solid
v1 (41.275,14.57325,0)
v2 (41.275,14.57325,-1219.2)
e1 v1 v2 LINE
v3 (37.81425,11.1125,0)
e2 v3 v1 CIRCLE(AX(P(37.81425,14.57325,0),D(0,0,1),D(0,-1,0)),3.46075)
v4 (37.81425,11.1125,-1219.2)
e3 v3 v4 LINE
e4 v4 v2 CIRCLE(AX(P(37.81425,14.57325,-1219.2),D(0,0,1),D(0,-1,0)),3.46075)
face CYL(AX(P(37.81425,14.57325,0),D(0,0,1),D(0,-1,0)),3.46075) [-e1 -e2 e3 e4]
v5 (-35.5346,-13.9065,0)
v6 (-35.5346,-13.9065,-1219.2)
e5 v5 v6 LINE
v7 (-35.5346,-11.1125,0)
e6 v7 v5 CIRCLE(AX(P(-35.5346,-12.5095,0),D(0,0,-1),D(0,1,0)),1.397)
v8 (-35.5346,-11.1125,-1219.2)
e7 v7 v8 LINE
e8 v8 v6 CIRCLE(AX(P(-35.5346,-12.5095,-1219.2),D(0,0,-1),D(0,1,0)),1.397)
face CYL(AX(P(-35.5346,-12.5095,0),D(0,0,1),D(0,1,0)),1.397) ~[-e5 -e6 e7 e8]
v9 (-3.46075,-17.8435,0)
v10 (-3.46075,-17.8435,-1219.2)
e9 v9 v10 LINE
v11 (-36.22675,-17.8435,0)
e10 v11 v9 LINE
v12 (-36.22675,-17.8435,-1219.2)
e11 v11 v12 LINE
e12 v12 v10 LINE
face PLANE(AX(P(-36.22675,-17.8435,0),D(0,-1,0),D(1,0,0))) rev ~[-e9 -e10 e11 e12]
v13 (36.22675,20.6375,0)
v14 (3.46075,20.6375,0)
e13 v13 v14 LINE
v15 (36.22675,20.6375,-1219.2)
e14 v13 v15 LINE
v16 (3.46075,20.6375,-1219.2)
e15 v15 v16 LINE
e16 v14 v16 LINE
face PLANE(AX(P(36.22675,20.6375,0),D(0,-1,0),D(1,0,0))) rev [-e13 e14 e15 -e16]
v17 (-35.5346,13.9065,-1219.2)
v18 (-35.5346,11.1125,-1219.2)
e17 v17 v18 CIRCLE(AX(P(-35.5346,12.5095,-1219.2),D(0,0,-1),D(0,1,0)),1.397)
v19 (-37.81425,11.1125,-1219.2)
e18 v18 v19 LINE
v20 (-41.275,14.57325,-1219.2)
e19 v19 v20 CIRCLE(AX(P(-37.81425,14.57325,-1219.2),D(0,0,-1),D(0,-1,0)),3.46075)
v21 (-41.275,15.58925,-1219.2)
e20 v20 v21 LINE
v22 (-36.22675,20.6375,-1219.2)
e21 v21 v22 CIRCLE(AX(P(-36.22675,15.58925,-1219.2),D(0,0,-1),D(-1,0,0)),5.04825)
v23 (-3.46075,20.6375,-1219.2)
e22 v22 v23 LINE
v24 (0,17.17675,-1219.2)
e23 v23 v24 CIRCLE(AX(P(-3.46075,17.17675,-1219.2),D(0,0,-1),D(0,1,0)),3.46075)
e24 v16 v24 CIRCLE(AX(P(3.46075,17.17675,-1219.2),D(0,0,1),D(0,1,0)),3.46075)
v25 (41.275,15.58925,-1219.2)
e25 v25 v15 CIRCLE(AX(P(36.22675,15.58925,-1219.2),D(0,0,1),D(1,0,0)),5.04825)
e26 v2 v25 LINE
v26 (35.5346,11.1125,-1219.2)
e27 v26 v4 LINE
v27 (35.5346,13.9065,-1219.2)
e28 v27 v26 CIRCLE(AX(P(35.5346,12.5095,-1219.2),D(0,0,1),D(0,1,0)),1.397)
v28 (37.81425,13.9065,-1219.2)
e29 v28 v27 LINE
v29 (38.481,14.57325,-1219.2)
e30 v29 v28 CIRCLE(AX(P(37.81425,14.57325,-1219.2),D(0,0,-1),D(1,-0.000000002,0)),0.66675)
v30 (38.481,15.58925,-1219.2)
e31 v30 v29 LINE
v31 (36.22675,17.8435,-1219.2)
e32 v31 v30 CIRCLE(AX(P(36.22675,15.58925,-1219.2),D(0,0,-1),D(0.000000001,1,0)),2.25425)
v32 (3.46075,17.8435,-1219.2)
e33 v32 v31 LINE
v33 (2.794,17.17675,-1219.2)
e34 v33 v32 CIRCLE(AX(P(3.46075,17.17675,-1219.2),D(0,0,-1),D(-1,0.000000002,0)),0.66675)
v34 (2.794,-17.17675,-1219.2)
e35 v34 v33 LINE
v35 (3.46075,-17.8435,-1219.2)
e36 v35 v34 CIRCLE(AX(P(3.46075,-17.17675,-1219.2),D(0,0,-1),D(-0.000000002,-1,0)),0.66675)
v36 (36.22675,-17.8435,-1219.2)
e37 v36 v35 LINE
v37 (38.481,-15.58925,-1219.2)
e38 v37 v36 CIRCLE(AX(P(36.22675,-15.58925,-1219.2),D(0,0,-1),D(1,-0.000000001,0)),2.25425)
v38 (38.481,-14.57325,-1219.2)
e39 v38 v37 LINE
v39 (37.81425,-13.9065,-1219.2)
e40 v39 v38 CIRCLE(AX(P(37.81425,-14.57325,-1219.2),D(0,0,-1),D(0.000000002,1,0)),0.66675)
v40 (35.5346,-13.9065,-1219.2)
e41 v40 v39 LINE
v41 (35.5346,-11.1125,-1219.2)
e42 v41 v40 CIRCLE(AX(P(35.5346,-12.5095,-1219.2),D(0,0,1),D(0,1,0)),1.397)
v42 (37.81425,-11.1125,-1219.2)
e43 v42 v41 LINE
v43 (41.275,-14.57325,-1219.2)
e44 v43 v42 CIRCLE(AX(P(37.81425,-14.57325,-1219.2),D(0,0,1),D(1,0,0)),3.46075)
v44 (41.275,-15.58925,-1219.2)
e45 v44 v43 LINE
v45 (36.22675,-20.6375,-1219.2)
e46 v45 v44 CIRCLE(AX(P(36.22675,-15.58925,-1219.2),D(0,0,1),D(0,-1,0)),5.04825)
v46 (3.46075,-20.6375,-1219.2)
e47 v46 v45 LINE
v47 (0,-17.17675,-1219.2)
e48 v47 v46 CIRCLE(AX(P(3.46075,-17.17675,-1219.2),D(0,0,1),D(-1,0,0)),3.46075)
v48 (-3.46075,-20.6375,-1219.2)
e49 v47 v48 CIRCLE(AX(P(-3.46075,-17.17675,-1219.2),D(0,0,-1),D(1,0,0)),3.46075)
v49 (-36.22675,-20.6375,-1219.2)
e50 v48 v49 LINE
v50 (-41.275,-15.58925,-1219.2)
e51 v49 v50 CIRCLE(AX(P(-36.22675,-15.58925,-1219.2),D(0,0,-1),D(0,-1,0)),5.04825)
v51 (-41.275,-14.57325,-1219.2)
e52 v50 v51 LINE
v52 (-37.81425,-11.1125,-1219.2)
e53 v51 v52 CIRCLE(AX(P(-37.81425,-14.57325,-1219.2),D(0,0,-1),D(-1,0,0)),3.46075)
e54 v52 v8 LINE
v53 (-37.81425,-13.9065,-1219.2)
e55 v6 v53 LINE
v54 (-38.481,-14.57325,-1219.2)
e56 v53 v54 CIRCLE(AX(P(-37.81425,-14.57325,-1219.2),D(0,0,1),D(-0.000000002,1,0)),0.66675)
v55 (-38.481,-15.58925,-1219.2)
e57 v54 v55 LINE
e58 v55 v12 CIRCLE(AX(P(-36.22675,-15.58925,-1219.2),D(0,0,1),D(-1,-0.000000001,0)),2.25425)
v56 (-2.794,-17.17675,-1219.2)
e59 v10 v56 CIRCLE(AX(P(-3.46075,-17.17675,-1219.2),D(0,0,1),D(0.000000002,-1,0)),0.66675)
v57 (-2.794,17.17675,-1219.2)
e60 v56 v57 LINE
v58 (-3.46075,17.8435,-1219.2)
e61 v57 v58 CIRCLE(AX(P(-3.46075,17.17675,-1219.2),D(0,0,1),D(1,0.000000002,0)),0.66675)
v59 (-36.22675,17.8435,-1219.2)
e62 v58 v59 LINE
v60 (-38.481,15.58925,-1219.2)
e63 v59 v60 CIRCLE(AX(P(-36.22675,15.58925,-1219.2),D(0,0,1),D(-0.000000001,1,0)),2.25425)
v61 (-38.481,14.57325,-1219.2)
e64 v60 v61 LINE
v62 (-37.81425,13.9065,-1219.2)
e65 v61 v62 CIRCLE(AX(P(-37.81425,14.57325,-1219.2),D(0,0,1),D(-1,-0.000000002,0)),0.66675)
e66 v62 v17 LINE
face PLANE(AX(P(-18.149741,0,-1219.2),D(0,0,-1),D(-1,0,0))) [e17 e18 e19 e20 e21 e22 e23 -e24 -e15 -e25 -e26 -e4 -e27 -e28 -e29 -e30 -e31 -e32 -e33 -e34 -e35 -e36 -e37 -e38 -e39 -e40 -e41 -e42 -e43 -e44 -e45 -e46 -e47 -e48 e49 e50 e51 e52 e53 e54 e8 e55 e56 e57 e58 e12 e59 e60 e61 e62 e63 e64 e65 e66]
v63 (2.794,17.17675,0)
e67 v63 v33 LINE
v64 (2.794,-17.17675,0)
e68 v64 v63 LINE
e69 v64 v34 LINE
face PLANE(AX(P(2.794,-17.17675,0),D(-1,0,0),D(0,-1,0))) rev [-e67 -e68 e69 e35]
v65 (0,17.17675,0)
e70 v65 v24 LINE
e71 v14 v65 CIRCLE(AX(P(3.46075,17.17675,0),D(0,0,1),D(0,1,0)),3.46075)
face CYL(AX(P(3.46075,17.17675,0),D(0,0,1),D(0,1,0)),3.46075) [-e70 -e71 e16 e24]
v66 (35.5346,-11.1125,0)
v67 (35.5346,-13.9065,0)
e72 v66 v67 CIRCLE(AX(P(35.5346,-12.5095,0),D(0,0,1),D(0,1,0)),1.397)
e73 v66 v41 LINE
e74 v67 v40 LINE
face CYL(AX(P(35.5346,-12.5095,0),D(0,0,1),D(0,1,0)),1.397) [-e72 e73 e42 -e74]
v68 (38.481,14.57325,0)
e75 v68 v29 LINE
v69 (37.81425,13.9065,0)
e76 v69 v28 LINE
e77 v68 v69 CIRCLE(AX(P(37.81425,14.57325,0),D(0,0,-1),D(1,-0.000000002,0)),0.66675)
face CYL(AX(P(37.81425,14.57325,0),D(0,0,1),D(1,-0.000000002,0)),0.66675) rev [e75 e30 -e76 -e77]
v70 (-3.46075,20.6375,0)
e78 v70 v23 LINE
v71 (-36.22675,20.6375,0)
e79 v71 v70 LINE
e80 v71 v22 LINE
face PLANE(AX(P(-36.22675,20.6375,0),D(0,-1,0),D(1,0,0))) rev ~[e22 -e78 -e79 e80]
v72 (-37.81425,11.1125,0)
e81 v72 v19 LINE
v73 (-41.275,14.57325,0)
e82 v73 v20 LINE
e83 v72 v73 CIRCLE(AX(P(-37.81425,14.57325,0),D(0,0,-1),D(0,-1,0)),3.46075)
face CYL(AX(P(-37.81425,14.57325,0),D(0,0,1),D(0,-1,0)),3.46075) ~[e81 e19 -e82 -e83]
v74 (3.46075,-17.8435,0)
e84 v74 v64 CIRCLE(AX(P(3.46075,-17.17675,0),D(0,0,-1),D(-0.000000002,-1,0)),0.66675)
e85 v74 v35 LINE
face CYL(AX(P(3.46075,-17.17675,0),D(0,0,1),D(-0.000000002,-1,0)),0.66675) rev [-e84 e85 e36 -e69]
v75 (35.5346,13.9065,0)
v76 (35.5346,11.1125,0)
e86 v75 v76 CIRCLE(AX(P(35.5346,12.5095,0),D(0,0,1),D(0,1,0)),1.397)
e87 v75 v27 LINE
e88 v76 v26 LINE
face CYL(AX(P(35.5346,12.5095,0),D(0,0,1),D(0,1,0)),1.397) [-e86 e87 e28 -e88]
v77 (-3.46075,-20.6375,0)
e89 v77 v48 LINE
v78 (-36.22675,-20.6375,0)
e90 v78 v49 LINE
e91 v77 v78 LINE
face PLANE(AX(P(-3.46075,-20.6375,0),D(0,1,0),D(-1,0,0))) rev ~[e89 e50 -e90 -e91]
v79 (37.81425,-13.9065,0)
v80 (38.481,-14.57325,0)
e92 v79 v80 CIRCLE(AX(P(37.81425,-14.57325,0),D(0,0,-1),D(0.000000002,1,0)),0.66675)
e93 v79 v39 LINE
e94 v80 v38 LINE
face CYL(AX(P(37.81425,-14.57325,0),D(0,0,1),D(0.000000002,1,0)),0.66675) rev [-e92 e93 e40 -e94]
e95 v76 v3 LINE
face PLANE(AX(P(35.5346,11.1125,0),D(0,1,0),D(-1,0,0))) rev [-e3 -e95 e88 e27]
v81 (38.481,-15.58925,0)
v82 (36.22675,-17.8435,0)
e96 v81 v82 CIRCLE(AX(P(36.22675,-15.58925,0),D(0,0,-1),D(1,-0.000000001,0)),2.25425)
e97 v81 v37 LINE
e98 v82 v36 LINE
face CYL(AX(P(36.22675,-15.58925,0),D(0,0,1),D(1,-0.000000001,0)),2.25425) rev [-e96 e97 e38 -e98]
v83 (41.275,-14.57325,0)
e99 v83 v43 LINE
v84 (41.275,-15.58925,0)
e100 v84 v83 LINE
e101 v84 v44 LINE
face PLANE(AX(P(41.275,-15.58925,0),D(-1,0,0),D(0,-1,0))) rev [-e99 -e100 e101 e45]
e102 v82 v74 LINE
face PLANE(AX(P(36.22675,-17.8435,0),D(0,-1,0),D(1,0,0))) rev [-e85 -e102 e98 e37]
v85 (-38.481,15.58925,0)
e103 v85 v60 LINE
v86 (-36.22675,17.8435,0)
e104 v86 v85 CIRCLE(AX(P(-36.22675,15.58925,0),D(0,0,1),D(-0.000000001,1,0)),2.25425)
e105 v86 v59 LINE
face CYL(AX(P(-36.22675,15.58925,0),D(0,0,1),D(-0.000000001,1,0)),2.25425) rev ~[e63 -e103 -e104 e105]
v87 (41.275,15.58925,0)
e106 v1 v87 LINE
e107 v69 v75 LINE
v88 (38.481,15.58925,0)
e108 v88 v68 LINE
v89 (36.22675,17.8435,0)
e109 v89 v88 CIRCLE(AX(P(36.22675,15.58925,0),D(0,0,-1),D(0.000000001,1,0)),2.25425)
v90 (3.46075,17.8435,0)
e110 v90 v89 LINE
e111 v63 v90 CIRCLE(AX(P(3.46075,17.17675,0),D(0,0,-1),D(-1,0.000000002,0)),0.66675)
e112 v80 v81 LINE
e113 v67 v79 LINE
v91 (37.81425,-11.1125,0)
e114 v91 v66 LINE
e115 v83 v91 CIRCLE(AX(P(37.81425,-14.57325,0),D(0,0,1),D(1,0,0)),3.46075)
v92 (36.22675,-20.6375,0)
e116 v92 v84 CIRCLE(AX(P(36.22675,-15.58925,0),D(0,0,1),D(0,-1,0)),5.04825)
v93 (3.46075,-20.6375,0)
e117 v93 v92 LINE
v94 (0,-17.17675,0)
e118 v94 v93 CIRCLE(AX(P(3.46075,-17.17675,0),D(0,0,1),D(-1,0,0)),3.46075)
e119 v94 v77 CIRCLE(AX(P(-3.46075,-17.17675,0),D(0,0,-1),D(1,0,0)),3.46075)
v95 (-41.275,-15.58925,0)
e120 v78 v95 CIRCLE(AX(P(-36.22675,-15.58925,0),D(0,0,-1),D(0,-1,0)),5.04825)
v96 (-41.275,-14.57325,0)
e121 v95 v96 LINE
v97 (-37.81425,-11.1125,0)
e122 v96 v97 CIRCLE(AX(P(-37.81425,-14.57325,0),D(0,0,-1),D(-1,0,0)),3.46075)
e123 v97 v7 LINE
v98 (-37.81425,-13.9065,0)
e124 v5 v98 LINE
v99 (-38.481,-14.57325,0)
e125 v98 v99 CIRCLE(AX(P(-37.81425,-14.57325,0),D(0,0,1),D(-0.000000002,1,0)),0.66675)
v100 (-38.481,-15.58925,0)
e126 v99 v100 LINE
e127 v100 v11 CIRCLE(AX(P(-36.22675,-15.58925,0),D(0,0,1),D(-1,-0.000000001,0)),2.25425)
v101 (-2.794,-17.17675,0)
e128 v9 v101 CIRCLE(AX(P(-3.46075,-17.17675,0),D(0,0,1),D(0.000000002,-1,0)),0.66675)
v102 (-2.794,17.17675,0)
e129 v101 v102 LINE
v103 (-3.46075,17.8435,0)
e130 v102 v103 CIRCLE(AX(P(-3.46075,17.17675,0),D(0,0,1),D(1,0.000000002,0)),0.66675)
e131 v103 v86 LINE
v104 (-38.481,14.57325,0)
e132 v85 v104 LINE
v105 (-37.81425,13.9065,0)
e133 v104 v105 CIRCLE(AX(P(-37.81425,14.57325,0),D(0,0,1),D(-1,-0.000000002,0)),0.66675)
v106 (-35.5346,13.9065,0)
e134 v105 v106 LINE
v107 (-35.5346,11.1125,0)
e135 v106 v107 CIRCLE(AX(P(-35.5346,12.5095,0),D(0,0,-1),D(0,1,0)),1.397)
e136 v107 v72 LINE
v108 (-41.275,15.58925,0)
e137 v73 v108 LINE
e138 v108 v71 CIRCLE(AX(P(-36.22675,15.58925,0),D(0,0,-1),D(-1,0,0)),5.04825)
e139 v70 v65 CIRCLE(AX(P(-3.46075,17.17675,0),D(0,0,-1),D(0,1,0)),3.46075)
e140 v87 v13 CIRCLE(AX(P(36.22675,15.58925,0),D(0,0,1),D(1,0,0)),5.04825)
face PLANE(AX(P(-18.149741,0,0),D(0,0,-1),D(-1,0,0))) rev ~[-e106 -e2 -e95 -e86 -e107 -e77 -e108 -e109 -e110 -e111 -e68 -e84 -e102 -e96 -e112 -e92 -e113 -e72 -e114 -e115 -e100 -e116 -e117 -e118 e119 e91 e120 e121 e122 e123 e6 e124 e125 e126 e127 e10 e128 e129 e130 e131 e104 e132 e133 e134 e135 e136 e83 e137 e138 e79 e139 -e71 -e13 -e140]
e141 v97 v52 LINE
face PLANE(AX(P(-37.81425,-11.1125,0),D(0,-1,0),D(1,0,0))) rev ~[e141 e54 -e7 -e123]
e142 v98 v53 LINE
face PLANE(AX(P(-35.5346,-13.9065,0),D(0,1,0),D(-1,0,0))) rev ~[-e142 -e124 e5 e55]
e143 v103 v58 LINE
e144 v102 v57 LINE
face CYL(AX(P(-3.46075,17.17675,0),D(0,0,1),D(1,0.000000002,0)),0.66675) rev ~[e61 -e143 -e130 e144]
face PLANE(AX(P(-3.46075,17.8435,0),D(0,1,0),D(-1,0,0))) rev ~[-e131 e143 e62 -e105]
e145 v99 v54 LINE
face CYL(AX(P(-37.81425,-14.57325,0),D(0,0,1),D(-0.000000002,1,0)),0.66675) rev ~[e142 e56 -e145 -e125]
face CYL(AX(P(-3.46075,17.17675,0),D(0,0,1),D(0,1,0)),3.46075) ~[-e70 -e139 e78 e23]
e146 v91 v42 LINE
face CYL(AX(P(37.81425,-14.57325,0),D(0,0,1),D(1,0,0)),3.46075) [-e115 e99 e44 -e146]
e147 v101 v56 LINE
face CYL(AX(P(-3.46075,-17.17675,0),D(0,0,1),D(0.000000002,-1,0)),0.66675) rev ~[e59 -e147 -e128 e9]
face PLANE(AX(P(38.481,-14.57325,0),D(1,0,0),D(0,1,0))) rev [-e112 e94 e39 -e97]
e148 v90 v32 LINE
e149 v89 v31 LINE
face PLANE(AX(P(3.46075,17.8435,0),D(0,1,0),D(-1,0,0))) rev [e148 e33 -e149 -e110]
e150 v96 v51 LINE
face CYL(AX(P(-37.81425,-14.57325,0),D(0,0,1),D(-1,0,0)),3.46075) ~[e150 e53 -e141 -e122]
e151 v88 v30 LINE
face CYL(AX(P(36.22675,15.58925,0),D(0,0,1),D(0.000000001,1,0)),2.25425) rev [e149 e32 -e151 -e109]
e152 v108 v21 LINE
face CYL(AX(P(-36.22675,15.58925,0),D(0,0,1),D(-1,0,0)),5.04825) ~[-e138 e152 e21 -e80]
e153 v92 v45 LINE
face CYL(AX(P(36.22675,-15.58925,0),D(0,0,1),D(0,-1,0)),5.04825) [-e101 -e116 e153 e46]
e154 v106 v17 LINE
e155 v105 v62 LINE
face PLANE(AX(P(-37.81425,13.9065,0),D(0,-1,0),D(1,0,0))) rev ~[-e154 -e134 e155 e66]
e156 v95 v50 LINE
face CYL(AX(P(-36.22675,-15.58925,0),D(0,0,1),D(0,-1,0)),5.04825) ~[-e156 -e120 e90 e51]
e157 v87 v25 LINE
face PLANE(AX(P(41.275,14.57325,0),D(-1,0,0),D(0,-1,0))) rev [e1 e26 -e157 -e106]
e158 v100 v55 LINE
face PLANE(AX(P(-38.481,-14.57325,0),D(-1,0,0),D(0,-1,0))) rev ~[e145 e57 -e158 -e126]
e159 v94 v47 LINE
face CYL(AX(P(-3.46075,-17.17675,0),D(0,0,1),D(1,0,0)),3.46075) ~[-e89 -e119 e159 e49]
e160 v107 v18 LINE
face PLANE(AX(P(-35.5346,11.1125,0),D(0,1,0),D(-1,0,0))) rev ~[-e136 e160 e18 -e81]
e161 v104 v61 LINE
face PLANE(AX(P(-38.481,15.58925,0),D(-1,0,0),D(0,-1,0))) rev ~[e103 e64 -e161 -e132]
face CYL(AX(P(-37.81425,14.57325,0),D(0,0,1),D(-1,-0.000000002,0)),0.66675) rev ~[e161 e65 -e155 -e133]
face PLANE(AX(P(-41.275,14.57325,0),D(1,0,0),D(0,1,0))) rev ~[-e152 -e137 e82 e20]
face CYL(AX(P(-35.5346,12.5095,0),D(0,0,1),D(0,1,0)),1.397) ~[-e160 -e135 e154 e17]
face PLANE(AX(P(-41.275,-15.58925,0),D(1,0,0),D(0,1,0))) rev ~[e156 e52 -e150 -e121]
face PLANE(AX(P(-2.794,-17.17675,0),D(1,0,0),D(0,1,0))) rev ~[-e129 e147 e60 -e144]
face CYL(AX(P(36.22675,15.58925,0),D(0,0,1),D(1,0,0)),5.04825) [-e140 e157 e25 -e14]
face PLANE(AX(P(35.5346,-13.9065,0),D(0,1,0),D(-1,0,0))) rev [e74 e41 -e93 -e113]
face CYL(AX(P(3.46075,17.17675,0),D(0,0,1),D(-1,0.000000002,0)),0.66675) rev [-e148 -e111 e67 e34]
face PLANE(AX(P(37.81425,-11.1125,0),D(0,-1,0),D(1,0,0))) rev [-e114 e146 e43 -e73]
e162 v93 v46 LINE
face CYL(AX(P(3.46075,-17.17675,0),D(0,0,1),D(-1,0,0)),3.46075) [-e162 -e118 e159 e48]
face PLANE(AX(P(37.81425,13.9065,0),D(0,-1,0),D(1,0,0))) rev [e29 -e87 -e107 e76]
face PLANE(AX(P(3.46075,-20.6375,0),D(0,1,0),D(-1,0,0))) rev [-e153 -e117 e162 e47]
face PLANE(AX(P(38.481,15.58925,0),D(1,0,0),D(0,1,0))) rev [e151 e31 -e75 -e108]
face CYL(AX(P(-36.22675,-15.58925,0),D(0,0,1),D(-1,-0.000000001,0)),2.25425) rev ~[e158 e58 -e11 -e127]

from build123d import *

# Parameters (mm, degrees)
BOSS_EXTRUDE1_DEPTH = 1219.2


with BuildPart() as part:
    # Sketch1 → Boss-Extrude1 (new body)
    with BuildSketch(Plane.XY):
        with BuildLine():
            Line((-36.22675, 20.6375), (-3.46075, 20.6375))
            ThreePointArc((-3.46075, 20.6375), (-1.013630207, 19.623869793), (0, 17.17675))
            Line((0, 17.17675), (0, -17.17675))
            ThreePointArc((0, -17.17675), (-1.013630207, -19.623869793), (-3.46075, -20.6375))
            Line((-3.46075, -20.6375), (-36.22675, -20.6375))
            ThreePointArc((-36.22675, -20.6375), (-39.796401808, -19.158901808), (-41.275, -15.58925))
            Line((-41.275, -15.58925), (-41.275, -14.57325))
            ThreePointArc((-41.275, -14.57325), (-40.261369793, -12.126130207), (-37.81425, -11.1125))
            Line((-37.81425, -11.1125), (-35.5346, -11.1125))
            ThreePointArc((-35.5346, -11.1125), (-34.1376, -12.5095), (-35.5346, -13.9065))
            Line((-35.5346, -13.9065), (-37.81425, -13.9065))
            ThreePointArc((-37.81425, -13.9065), (-38.285713446, -14.101786554), (-38.481, -14.57325))
            Line((-38.481, -14.57325), (-38.481, -15.58925))
            ThreePointArc((-38.481, -15.58925), (-37.820745461, -17.183245461), (-36.22675, -17.8435))
            Line((-36.22675, -17.8435), (-3.46075, -17.8435))
            ThreePointArc((-3.46075, -17.8435), (-2.989286554, -17.648213446), (-2.794, -17.17675))
            Line((-2.794, -17.17675), (-2.794, 17.17675))
            ThreePointArc((-2.794, 17.17675), (-2.989286554, 17.648213446), (-3.46075, 17.8435))
            Line((-3.46075, 17.8435), (-36.22675, 17.8435))
            ThreePointArc((-36.22675, 17.8435), (-37.820745461, 17.183245461), (-38.481, 15.58925))
            Line((-38.481, 15.58925), (-38.481, 14.57325))
            ThreePointArc((-38.481, 14.57325), (-38.285713446, 14.101786554), (-37.81425, 13.9065))
            Line((-37.81425, 13.9065), (-35.5346, 13.9065))
            ThreePointArc((-35.5346, 13.9065), (-34.1376, 12.5095), (-35.5346, 11.1125))
            Line((-35.5346, 11.1125), (-37.81425, 11.1125))
            ThreePointArc((-37.81425, 11.1125), (-40.261369793, 12.126130207), (-41.275, 14.57325))
            Line((-41.275, 14.57325), (-41.275, 15.58925))
            ThreePointArc((-41.275, 15.58925), (-39.796401808, 19.158901808), (-36.22675, 20.6375))
        make_face()
    extrude(amount=-BOSS_EXTRUDE1_DEPTH)


with BuildPart() as body_2:
    # Mirror1: mirrored copy
    add(part.part.mirror(Plane(origin=(0, 17.17675, -1219.2), x_dir=(0, 0, 1), z_dir=(1, 0, 0))))

    # Combine1: union part
    add(part.part)


solid = body_2.part
